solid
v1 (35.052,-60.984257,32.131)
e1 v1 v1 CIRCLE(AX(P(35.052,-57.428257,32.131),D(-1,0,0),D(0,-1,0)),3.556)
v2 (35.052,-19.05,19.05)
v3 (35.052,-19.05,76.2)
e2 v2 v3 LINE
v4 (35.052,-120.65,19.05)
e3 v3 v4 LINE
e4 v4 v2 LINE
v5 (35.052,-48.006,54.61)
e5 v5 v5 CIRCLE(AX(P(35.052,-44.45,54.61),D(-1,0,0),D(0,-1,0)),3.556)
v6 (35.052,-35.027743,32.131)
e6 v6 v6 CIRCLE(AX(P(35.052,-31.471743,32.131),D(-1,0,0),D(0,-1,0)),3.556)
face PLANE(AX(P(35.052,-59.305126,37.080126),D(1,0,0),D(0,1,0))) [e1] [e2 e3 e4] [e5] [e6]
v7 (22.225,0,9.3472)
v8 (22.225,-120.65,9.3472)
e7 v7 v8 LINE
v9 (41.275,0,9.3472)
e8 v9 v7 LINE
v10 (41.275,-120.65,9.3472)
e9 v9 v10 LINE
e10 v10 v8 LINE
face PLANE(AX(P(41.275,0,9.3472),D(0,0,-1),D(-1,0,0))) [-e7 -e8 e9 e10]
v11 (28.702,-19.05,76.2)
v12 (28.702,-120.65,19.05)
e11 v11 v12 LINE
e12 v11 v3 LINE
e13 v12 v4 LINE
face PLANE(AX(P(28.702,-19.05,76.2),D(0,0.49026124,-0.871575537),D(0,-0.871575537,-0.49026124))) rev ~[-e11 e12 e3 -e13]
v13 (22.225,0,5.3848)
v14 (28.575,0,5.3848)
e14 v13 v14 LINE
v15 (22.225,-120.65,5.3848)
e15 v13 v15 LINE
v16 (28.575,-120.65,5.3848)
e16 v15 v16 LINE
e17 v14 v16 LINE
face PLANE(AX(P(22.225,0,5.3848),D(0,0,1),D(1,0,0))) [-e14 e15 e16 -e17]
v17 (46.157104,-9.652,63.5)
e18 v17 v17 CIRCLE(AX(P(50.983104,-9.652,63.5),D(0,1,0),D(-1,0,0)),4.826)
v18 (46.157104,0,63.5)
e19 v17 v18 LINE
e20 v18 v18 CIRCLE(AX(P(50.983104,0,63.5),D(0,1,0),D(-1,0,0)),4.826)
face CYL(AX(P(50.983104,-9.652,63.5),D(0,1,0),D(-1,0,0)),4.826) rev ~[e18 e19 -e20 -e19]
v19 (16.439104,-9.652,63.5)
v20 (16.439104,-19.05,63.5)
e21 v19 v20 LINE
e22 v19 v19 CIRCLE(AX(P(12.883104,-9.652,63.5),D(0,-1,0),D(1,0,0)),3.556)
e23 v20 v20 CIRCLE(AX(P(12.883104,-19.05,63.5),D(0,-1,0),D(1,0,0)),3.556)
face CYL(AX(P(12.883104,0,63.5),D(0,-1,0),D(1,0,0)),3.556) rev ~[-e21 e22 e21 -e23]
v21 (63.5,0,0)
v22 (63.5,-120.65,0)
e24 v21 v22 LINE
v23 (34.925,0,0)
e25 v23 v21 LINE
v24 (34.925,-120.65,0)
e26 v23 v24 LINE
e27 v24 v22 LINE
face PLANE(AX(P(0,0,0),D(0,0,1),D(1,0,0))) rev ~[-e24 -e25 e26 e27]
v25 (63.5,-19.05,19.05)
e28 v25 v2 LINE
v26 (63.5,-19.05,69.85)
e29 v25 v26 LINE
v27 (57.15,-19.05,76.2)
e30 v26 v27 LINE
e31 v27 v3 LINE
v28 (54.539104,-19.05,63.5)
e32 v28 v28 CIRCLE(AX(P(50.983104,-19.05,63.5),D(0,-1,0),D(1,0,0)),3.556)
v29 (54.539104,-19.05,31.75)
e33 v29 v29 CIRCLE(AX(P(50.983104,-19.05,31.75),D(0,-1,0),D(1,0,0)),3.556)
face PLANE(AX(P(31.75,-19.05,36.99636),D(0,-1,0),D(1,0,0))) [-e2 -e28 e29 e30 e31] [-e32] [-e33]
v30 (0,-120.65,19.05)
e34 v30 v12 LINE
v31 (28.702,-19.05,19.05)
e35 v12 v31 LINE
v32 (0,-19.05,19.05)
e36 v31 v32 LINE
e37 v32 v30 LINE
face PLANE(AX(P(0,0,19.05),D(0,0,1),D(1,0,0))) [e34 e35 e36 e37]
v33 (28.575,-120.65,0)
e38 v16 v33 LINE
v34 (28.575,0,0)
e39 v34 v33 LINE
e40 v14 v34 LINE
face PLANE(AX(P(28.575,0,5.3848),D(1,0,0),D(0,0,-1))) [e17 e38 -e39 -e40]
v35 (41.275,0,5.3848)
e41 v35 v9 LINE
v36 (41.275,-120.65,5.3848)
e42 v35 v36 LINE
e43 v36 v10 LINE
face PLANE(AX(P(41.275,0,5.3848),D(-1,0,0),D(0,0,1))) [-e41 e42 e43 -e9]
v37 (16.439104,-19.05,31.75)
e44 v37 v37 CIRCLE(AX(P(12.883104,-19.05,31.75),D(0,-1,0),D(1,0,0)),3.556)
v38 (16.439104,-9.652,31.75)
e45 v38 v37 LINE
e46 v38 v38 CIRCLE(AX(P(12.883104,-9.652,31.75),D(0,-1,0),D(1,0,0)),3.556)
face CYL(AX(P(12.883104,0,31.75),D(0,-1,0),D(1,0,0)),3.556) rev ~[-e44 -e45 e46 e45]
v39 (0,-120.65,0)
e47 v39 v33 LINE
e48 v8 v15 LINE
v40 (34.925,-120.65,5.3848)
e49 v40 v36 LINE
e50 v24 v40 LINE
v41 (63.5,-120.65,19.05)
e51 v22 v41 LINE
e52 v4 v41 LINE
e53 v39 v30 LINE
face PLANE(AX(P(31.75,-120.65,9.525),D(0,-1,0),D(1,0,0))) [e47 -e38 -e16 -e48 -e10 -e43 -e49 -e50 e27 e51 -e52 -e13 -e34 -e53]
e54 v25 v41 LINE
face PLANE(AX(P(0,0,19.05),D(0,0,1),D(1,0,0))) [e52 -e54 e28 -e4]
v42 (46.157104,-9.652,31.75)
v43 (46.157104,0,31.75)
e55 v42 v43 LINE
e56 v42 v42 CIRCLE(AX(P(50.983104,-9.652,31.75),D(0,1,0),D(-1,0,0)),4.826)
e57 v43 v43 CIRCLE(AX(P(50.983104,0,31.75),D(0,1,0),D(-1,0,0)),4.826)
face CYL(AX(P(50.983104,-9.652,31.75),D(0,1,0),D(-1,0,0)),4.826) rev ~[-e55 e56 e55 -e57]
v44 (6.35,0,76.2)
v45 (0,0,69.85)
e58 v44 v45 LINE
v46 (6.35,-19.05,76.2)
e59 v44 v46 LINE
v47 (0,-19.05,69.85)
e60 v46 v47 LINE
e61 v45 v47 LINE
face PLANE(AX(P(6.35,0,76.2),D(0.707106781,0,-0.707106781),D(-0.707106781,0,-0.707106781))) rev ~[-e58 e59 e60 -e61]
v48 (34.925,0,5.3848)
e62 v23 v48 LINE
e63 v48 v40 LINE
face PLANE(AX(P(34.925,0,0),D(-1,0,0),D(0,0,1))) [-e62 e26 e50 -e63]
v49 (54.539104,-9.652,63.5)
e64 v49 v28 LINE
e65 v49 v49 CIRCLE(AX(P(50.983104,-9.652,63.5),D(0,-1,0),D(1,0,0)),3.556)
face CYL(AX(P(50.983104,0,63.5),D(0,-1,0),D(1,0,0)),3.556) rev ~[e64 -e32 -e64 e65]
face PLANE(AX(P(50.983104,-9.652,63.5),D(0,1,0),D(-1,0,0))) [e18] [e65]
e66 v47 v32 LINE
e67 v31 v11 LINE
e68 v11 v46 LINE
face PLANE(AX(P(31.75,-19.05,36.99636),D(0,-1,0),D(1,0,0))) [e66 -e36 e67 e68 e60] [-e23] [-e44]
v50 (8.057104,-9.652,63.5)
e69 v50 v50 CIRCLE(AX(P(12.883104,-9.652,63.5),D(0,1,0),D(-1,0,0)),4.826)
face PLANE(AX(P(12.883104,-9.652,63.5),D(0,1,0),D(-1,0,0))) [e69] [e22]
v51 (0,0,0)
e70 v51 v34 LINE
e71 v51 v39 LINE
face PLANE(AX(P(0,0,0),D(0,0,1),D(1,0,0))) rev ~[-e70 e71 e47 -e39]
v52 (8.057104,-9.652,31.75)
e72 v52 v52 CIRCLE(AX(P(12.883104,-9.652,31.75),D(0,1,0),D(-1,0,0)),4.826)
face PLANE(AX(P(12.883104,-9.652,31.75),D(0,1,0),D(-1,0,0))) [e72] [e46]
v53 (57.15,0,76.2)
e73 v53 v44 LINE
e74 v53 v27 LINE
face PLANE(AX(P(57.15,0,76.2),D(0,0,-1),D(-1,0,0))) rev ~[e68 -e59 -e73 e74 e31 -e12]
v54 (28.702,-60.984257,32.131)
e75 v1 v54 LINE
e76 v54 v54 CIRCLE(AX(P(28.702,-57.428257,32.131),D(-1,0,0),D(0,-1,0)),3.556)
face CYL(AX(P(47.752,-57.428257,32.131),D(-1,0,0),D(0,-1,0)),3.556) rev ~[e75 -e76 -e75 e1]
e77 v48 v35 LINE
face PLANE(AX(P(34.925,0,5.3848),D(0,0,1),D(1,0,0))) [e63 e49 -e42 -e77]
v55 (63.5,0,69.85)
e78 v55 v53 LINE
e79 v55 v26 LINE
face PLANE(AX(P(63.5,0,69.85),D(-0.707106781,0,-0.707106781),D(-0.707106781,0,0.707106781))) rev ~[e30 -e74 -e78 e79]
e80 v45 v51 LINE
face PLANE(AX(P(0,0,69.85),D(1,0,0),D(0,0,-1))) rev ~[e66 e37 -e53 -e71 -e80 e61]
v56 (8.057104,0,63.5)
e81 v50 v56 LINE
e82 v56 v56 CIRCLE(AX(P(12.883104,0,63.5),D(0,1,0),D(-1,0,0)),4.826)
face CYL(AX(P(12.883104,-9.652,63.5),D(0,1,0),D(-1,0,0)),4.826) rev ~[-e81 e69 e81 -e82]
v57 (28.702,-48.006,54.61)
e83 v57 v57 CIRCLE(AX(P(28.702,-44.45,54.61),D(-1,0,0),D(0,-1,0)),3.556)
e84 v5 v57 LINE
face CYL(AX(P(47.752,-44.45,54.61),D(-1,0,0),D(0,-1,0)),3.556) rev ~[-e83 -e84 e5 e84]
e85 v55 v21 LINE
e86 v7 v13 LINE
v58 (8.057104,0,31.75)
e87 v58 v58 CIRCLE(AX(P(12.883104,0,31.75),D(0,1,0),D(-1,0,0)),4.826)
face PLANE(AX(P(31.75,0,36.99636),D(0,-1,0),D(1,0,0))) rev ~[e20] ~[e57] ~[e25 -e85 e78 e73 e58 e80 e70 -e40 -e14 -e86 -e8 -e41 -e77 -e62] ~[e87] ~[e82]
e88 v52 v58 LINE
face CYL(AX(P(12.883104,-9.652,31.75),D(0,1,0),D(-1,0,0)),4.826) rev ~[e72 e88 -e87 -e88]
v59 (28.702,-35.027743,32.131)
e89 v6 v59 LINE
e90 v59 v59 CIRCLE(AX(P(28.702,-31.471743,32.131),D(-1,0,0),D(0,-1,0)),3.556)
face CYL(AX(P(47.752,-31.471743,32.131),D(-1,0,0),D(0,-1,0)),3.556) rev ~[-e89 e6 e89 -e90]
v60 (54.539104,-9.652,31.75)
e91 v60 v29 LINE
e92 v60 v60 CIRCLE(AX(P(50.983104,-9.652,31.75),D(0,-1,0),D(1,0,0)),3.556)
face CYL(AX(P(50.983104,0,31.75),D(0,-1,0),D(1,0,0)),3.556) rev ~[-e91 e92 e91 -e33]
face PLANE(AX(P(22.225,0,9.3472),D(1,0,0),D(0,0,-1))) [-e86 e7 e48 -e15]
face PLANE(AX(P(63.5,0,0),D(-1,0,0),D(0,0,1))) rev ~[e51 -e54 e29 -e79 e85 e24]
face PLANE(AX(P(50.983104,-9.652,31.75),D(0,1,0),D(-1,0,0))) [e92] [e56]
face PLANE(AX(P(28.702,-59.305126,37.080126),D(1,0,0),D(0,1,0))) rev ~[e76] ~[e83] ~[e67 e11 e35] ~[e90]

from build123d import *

# Parameters (mm, degrees)
F1_DEPTH       = 19.05
F3_W           = 63.5
F3_H           = 19.05
F4_DEPTH       = 120.65
F5_DEPTH       = 120.65
F7_D           = 7.112
F7_CBORE_D     = 9.652
F7_CBORE_DEPTH = 9.652
F9_START       = 28.702
F9_DEPTH       = 6.35
F11_D          = 7.112
F11_DEPTH      = 12.7
F11_TIP        = 2.1366603613


with BuildPart() as f1:
    # F0 (on Front) → F1 (new body)
    with BuildSketch(Plane.XZ):
        Polygon((6.35, 76.2), (0, 69.85), (0, 0), (63.5, 0), (63.5, 69.85), (57.15, 76.2), align=None)
    extrude(amount=F1_DEPTH)

    # F3 (on Front) → F4 (join)
    with BuildSketch(Plane.XZ):
        with Locations((31.75, 9.525)):
            Rectangle(F3_W, F3_H)
    extrude(amount=F4_DEPTH)

    # F2 (on Front) → F5 (cut)
    with BuildSketch(Plane.XZ):
        Polygon((28.575, 0), (34.925, 0), (34.925, 5.3848), (41.275, 5.3848), (41.275, 9.3472), (22.225, 9.3472), (22.225, 5.3848), (28.575, 5.3848), align=None)
    extrude(amount=F5_DEPTH, mode=Mode.SUBTRACT)

    # F7 (through all)
    with Locations(Plane(origin=(0, 0, 0), x_dir=(-1, 0, 0), z_dir=(0, 1, 0))):
        with Locations((-50.9831043839, 63.5), (-12.8831043839, 63.5), (-12.8831043839, 31.75), (-50.9831043839, 31.75)):
            CounterBoreHole(F7_D / 2, F7_CBORE_D / 2, F7_CBORE_DEPTH)

    # F8 (on Right) → F9 (join)
    with BuildSketch(Plane.YZ.offset(F9_START)):
        Polygon((-19.05, 76.2), (-120.65, 19.05), (-19.05, 19.05), align=None)
    extrude(amount=F9_DEPTH)

    # F11
    with Locations(Plane.YZ.offset(35.052)):
        with Locations((-44.45, 54.61), (-31.4717432989, 32.131), (-57.4282567011, 32.131)):
            Hole(F11_D / 2, depth=F11_DEPTH)
            with Locations((0, 0, -(F11_DEPTH + F11_TIP / 2))):  # 118° drill point
                Cone(0, F11_D / 2, F11_TIP, mode=Mode.SUBTRACT)


solid = f1.part
